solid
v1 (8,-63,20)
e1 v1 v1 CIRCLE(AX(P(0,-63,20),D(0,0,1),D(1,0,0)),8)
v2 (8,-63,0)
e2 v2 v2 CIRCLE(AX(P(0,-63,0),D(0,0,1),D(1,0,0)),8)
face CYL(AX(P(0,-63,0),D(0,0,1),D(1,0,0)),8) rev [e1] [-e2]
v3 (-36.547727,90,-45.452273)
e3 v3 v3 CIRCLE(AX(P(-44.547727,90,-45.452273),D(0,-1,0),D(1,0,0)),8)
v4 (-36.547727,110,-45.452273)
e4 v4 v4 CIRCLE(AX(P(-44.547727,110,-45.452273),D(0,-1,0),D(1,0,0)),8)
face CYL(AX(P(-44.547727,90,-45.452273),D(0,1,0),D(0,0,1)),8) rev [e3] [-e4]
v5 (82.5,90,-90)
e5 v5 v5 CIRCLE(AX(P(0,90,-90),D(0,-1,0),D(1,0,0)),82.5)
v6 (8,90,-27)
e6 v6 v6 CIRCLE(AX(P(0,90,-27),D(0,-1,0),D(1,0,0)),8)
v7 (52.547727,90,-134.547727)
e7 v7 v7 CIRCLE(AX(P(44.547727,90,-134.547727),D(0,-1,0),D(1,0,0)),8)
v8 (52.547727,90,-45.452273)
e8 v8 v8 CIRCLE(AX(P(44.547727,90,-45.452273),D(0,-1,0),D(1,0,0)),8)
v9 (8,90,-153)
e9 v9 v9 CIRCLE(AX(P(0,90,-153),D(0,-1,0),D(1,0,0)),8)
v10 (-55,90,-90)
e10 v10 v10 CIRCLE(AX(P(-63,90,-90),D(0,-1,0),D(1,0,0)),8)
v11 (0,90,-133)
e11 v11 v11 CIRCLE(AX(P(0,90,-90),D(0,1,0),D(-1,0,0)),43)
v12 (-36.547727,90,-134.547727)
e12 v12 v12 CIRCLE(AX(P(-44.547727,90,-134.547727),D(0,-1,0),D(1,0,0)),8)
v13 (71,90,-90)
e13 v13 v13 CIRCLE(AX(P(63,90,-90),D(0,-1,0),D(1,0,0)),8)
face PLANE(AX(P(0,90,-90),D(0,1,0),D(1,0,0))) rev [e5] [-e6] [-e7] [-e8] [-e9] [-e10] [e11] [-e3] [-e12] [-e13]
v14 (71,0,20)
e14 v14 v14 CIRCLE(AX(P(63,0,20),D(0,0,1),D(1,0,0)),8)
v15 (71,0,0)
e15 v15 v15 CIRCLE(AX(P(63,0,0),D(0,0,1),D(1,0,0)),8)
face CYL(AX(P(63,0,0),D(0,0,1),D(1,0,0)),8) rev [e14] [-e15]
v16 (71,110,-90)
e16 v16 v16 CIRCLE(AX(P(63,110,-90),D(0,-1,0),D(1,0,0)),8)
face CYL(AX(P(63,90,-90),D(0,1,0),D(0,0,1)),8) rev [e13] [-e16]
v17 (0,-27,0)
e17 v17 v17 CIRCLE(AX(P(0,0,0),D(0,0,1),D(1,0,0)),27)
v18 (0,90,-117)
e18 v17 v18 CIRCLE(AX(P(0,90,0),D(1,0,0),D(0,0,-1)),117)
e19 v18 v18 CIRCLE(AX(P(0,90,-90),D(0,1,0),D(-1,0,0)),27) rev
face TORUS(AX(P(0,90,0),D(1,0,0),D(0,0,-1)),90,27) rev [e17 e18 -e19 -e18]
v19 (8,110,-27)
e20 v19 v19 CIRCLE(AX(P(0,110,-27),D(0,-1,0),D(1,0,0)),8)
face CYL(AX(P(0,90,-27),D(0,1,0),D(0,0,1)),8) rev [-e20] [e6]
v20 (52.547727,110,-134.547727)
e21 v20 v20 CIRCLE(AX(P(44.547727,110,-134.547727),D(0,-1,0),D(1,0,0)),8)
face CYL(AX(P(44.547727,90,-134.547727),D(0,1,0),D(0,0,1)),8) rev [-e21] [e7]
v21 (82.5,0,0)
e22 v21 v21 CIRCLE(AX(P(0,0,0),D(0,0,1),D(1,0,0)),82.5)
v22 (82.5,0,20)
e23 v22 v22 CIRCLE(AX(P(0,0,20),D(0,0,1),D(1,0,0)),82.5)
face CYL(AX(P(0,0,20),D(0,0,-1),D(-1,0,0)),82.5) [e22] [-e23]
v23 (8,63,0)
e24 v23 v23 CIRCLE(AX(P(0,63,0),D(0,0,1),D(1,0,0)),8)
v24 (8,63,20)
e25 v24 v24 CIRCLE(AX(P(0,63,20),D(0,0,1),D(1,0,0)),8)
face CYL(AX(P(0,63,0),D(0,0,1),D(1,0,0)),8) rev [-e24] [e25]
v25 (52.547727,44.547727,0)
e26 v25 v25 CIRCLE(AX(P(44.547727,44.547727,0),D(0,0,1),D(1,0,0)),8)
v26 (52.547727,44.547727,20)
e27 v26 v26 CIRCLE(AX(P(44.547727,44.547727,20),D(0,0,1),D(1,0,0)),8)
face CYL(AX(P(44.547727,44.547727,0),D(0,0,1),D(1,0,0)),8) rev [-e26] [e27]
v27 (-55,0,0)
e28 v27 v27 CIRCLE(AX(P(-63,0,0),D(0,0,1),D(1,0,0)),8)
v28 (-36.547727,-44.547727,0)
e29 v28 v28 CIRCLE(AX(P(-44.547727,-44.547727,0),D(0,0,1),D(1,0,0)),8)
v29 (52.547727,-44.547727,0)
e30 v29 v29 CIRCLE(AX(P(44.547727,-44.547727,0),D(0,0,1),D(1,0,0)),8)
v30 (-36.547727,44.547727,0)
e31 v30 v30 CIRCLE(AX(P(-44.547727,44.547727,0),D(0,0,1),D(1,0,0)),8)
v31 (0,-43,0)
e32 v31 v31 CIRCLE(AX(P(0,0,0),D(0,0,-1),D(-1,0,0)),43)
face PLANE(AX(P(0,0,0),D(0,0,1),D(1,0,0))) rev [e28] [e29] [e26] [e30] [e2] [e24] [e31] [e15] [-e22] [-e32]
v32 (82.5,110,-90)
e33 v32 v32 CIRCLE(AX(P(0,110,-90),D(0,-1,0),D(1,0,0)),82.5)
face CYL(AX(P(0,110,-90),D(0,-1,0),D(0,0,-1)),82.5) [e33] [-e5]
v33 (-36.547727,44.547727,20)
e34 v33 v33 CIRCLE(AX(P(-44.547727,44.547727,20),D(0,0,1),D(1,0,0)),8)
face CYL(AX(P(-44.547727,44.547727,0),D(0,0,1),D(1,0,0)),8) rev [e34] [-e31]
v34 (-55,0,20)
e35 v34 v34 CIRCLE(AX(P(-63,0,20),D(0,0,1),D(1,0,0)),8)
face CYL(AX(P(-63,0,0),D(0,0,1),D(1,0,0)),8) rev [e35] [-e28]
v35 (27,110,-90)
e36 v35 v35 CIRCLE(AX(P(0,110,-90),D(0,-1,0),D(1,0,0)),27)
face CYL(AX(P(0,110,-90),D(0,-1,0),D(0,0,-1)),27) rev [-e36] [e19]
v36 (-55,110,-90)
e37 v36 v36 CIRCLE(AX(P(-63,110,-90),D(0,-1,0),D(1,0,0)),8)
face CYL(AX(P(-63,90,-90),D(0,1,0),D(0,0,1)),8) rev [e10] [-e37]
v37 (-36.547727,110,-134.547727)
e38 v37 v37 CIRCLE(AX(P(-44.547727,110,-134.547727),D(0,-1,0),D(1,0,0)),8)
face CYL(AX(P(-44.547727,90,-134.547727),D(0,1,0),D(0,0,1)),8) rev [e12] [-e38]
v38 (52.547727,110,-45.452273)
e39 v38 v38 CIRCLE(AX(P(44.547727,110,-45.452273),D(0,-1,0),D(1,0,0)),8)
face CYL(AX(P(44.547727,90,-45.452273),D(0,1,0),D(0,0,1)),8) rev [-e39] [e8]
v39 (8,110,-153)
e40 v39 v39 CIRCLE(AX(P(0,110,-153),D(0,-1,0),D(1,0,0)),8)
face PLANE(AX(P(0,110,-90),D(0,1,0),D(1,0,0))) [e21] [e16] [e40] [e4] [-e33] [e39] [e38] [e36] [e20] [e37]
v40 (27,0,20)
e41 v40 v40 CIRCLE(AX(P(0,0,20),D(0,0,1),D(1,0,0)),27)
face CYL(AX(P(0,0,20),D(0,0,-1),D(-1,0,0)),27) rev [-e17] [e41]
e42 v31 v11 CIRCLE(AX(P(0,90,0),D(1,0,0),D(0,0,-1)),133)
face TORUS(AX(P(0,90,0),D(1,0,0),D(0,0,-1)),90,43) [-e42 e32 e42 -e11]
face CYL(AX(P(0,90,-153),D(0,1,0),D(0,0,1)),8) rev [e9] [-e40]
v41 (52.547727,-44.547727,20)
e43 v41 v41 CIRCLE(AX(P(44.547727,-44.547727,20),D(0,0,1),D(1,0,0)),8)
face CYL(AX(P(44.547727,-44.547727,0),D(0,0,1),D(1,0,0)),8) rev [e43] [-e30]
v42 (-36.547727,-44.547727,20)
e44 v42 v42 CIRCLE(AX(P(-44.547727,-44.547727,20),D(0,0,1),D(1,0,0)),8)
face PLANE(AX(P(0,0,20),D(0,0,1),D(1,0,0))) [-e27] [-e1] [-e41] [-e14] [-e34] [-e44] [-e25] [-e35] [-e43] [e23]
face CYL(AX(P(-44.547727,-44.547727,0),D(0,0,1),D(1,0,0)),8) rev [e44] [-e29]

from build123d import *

# Parameters (mm, degrees)
IZIM2_R                     = 82.5
IZIM2_R_2                   = 27
Y_KSEKLIK_EKSTR_ZYON1_DEPTH = 20
IZIM3_R                     = 8
KES_EKSTR_ZYON1_DEPTH       = 20
IZIM4_R                     = 43
IZIM4_R_2                   = 27


with BuildPart() as part:
    # Çizim2 → Yükseklik-Ekstrüzyon1 (new body)
    with BuildSketch(Plane.XY):
        Circle(IZIM2_R)
        Circle(IZIM2_R_2, mode=Mode.SUBTRACT)
    y_kseklik_ekstr_zyon1 = extrude(amount=Y_KSEKLIK_EKSTR_ZYON1_DEPTH)

    # Çizim3 → Kes-Ekstrüzyon1 (cut)
    with BuildSketch(Plane.XY.offset(20)):
        with Locations((0, 63)):
            Circle(IZIM3_R)
        with Locations((44.547727215, 44.547727215)):
            Circle(IZIM3_R)
        with Locations((63, 0)):
            Circle(IZIM3_R)
        with Locations((44.547727215, -44.547727215)):
            Circle(IZIM3_R)
        with Locations((0, -63)):
            Circle(IZIM3_R)
        with Locations((-44.547727215, -44.547727215)):
            Circle(IZIM3_R)
        with Locations((-63, 0)):
            Circle(IZIM3_R)
        with Locations((-44.547727215, 44.547727215)):
            Circle(IZIM3_R)
    kes_ekstr_zyon1 = extrude(amount=-KES_EKSTR_ZYON1_DEPTH, mode=Mode.SUBTRACT)

    # Süpür1: sweep along a path in Çizim5
    with BuildLine(Plane(origin=(0, 0, 0), x_dir=(0, 0, -1), z_dir=(1, 0, 0))) as s_p_r1_path:
        ThreePointArc((0, 0), (63.639610307, 26.360389693), (90, 90))
    # Çizim4 → Süpür1 (sweep)
    with BuildSketch(Plane(origin=(0, 0, 0), x_dir=(-1, 0, 0), z_dir=(0, 0, -1))):
        Circle(IZIM4_R)
        Circle(IZIM4_R_2, mode=Mode.SUBTRACT)
    sweep(path=s_p_r1_path.line)

    # Aynalama3: Yükseklik-Ekstrüzyon1, Kes-Ekstrüzyon1 across plane
    add(y_kseklik_ekstr_zyon1.mirror(Plane(origin=(0, 45, -45), x_dir=(0, 0.7071067811865475, 0.7071067811865477), z_dir=(0, -0.7071067811865476, 0.7071067811865475))))
    add(kes_ekstr_zyon1.mirror(Plane(origin=(0, 45, -45), x_dir=(0, 0.7071067811865475, 0.7071067811865477), z_dir=(0, -0.7071067811865476, 0.7071067811865475))), mode=Mode.SUBTRACT)


solid = part.part
